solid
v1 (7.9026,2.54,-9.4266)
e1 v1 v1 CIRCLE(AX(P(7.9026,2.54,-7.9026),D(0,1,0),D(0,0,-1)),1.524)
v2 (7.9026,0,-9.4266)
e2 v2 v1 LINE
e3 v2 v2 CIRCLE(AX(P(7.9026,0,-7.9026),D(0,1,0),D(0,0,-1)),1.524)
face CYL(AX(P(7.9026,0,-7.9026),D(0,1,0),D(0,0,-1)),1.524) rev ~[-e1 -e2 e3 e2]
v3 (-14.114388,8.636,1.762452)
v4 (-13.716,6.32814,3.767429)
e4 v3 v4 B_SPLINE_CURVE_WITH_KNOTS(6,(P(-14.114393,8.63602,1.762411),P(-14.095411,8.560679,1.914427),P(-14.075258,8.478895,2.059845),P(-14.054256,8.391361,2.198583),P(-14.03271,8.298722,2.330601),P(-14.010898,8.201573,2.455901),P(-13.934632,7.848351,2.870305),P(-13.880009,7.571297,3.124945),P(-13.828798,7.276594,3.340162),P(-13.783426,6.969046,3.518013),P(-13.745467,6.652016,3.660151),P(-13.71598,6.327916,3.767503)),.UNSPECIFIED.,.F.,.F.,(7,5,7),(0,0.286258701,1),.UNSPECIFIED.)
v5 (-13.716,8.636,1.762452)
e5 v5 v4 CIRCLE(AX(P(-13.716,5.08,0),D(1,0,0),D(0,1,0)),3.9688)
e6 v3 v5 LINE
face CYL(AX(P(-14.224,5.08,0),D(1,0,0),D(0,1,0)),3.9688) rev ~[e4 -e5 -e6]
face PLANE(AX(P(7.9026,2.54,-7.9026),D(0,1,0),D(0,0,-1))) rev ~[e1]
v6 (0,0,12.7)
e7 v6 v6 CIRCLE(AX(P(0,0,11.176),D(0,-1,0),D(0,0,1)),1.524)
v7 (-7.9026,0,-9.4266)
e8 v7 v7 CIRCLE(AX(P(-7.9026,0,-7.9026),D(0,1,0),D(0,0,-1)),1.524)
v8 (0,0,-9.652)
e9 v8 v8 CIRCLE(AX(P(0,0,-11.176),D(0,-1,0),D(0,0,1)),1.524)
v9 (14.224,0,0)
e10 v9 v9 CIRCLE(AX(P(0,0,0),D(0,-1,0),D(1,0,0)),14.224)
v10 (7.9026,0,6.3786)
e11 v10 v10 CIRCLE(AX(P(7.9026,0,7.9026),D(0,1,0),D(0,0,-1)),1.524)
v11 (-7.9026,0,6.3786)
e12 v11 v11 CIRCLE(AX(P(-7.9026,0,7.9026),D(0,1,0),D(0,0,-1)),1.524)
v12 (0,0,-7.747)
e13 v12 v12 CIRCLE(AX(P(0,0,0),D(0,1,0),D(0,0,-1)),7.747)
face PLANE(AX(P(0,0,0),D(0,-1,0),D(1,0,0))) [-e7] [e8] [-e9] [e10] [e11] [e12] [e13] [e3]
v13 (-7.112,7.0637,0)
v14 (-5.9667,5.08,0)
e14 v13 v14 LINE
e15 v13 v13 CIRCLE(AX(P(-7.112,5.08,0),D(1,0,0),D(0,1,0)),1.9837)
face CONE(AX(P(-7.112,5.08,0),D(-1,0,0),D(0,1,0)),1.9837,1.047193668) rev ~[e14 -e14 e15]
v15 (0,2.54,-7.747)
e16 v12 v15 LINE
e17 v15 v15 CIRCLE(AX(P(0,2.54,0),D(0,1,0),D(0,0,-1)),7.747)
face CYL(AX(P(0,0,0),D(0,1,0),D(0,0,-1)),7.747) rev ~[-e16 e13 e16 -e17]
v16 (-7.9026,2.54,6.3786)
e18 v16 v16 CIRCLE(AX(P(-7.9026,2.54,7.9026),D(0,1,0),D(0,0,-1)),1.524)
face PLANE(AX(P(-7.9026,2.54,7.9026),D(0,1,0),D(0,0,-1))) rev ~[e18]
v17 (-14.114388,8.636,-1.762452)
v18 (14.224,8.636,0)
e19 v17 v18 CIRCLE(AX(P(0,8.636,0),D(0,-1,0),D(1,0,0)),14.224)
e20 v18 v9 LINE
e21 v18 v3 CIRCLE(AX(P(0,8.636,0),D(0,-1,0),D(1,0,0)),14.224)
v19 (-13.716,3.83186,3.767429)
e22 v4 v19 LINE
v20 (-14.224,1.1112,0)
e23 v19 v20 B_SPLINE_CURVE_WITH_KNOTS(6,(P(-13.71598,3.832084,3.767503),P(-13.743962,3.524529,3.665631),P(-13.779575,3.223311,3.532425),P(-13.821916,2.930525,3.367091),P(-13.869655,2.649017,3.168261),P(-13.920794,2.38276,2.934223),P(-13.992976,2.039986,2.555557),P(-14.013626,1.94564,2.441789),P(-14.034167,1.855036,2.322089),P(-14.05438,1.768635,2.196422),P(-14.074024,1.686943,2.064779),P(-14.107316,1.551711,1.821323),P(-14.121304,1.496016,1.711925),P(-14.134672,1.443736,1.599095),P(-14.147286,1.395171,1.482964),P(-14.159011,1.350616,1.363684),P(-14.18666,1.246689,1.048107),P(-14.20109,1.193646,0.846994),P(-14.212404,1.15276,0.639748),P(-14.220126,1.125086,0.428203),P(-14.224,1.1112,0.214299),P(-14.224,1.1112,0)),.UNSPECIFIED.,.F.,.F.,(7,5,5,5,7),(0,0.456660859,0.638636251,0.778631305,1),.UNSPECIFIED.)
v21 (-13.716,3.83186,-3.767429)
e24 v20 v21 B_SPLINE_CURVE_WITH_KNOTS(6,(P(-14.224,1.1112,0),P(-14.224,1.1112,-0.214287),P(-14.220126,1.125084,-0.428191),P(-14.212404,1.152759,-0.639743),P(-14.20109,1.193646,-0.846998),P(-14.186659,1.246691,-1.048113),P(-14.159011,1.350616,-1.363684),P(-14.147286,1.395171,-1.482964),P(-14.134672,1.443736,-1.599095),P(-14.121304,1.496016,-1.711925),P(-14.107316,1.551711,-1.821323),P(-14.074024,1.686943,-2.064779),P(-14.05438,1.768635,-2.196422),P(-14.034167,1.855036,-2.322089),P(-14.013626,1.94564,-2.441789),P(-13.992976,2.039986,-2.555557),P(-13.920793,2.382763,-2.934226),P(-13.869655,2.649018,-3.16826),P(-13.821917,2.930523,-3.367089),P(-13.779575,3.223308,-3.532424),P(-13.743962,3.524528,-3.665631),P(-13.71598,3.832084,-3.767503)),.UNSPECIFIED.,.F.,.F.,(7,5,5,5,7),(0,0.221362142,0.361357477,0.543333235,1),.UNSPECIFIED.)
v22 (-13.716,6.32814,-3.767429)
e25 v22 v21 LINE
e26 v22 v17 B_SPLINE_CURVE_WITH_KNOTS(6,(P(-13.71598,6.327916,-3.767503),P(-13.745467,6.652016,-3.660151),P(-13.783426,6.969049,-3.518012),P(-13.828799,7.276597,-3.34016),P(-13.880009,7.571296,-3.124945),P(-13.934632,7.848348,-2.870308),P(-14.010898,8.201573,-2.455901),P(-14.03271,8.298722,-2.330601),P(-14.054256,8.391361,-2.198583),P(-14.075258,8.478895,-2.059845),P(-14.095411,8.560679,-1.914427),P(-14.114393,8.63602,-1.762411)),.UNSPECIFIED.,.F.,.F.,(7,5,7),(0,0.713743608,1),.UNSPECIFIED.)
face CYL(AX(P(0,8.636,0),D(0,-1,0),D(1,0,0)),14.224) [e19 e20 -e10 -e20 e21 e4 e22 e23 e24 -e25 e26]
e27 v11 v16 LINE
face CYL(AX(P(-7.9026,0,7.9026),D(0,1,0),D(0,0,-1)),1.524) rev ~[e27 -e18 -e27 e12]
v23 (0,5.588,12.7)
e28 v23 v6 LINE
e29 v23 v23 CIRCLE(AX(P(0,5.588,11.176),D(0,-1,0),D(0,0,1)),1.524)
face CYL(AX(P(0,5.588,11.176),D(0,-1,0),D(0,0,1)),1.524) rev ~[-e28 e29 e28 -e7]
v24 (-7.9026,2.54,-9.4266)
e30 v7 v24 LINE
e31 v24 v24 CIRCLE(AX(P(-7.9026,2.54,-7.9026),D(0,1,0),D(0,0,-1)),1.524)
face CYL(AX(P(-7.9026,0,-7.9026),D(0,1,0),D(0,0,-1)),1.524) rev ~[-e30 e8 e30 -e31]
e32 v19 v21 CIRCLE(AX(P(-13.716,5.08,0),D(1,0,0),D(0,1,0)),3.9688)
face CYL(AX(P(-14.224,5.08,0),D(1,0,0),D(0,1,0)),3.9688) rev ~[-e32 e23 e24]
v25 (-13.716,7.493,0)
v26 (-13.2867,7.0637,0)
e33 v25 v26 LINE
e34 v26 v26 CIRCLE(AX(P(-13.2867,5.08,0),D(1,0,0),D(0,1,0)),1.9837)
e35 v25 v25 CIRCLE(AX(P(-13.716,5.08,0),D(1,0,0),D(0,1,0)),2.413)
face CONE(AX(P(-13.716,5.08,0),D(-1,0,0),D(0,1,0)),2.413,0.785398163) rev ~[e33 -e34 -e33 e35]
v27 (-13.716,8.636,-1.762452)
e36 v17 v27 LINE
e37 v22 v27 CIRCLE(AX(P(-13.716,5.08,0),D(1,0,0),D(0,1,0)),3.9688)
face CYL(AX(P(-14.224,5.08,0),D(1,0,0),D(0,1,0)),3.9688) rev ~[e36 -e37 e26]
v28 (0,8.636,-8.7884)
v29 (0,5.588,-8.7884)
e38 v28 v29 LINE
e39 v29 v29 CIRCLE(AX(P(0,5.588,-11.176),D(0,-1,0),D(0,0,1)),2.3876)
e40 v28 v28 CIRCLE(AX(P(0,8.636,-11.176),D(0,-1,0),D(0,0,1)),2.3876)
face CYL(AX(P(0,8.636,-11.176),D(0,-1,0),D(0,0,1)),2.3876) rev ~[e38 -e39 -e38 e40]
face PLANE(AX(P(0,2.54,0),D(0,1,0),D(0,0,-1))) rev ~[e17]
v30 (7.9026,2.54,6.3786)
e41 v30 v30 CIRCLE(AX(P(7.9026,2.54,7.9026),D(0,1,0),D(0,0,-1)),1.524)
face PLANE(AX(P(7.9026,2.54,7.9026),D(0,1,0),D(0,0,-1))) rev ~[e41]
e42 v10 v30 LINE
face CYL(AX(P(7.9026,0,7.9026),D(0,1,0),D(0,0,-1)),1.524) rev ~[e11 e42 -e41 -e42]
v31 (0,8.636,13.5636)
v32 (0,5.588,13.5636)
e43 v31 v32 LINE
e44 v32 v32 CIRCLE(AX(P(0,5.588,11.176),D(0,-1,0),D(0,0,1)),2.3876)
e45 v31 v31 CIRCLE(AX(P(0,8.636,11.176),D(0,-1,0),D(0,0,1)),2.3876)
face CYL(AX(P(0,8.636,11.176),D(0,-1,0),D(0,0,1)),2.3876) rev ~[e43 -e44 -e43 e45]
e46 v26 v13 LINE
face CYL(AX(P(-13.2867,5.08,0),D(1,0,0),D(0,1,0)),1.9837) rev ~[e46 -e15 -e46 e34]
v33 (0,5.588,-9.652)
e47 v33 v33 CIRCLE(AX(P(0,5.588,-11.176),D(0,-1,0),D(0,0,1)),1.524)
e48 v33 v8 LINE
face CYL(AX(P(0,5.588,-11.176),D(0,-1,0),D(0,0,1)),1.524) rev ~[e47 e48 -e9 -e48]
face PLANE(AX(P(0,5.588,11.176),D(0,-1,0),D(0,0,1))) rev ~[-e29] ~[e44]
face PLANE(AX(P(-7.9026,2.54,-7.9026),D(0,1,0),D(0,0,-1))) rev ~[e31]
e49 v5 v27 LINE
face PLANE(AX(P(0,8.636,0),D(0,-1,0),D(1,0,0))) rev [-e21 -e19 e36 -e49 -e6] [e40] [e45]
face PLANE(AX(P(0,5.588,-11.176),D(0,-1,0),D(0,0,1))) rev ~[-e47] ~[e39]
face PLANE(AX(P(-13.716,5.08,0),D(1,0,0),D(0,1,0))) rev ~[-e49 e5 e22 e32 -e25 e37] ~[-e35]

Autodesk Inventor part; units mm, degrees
sketch "Sketch_1" plane through (0, 0, 0) normal (0, 0, 1) x (1, 0, 0)
  line L0 (0, 0) -> (0, 8.636)
  line L1 (0, 8.636) -> (14.224, 8.636)
  line L2 (14.224, 8.636) -> (14.224, 0)
  line L3 (14.224, 0) -> (0, 0)
  line L4 (0, 0) -> (0, 8.636)
revolve "Revolution1" add sketch "Sketch_1" angle 360 about axis through (0, 0, 0) along (0, -1, 0)
sketch "Sketch_37" plane through (0, 0, 0) normal (0, 0, 1) x (1, 0, 0)
  line L0 (-5.9667, 5.08) -> (-14.224, 5.08)
  line L1 (-14.224, 5.08) -> (-14.224, 9.0488)
  line L2 (-14.224, 9.0488) -> (-13.716, 9.0488)
  line L3 (-13.716, 9.0488) -> (-13.716, 7.493)
  line L4 (-13.716, 7.493) -> (-13.2867, 7.0637)
  line L5 (-13.2867, 7.0637) -> (-7.112, 7.0637)
  line L6 (-7.112, 7.0637) -> (-5.9667, 5.08)
  line L7 (-5.9667, 5.08) -> (-14.224, 5.08)
revolve "Revolution2" cut sketch "Sketch_37" angle 360 about axis through (-5.9667, 5.08, 0) along (1, 0, 0)
thread "Thread1" size "10-32 UNF" class "2B" standard "ANSI Unified Screw Threads" length 5.08 offset 1.524
sketch "Sketch3" plane through (0, 0, 0) normal (0, -1, 0) x (1, 0, 0)
  point P0 (0, 0)
hole "Hole1" at (0, 0, 0) direction (0, 1, 0) diameter 15.494 depth 2.54
sketch "Sketch4" plane through (0, 8.636, 0) normal (0, 1, 0) x (1, 0, 0)
  point P0 (0, -11.176)
hole "Hole2" at (0, 8.636, 11.176) direction (0, -1, 0) diameter 3.048 depth 8.636 counterbore diameter 4.7752 counterbore depth 3.048
sketch "Sketch5" plane through (0, 8.636, 0) normal (0, 1, 0) x (1, 0, 0)
  point P0 (0, 11.176)
hole "Hole3" at (0, 8.636, -11.176) direction (0, -1, 0) diameter 3.048 depth 8.636 counterbore diameter 4.7752 counterbore depth 3.048
sketch "Sketch6" plane through (0, 0, 0) normal (0, -1, 0) x (1, 0, 0)
  point P0 (-7.9026, 7.9026)
hole "Hole4" at (-7.9026, 0, 7.9026) direction (0, 1, 0) diameter 3.048 depth 2.54
sketch "Sketch7" plane through (0, 0, 0) normal (0, -1, 0) x (1, 0, 0)
  point P0 (7.9026, 7.9026)
hole "Hole5" at (7.9026, 0, 7.9026) direction (0, 1, 0) diameter 3.048 depth 2.54
sketch "Sketch8" plane through (0, 0, 0) normal (0, -1, 0) x (1, 0, 0)
  point P0 (7.9026, -7.9026)
hole "Hole6" at (7.9026, 0, -7.9026) direction (0, 1, 0) diameter 3.048 depth 2.54
sketch "Sketch9" plane through (0, 0, 0) normal (0, -1, 0) x (1, 0, 0)
  point P0 (-7.9026, -7.9026)
hole "Hole7" at (-7.9026, 0, -7.9026) direction (0, 1, 0) diameter 3.048 depth 2.54
ref_plane "a1_XY" through (0, 8.636, -14.224) normal (0, 1, 0) x (1, 0, 0)
ref_plane "a1_YZ" through (0, 8.636, -14.224) normal (1, 0, 0) x (0, 0, -1)
ref_plane "a1_ZX" through (0, 8.636, -14.224) normal (0, 0, -1) x (0, 1, 0)
ref_plane "a2_XY" through (0, 8.636, 14.224) normal (0, 1, 0) x (1, 0, 0)
ref_plane "a2_YZ" through (0, 8.636, 14.224) normal (1, 0, 0) x (0, 0, -1)
ref_plane "a2_ZX" through (0, 8.636, 14.224) normal (0, 0, -1) x (0, 1, 0)
ref_plane "ar3_XY" through (-7.9026, 2.54, 7.9026) normal (0, 1, 0) x (1, 0, 0)
ref_plane "ar3_YZ" through (-7.9026, 2.54, 7.9026) normal (1, 0, 0) x (0, 0, -1)
ref_plane "ar3_ZX" through (-7.9026, 2.54, 7.9026) normal (0, 0, -1) x (0, 1, 0)
ref_plane "ar4_XY" through (7.9026, 2.54, 7.9026) normal (0, 1, 0) x (1, 0, 0)
ref_plane "ar4_YZ" through (7.9026, 2.54, 7.9026) normal (1, 0, 0) x (0, 0, -1)
ref_plane "ar4_ZX" through (7.9026, 2.54, 7.9026) normal (0, 0, -1) x (0, 1, 0)
ref_plane "ar5_XY" through (7.9026, 2.54, -7.9026) normal (0, 1, 0) x (1, 0, 0)
ref_plane "ar5_YZ" through (7.9026, 2.54, -7.9026) normal (1, 0, 0) x (0, 0, -1)
ref_plane "ar5_ZX" through (7.9026, 2.54, -7.9026) normal (0, 0, -1) x (0, 1, 0)
ref_plane "ar6_XY" through (-7.9026, 2.54, -7.9026) normal (0, 1, 0) x (1, 0, 0)
ref_plane "ar6_YZ" through (-7.9026, 2.54, -7.9026) normal (1, 0, 0) x (0, 0, -1)
ref_plane "ar6_ZX" through (-7.9026, 2.54, -7.9026) normal (0, 0, -1) x (0, 1, 0)
ref_plane "b1_XY" through (0, 8.636, 0) normal (0, 1, 0) x (1, 0, 0)
ref_plane "b1_YZ" through (0, 8.636, 0) normal (1, 0, 0) x (0, 0, -1)
ref_plane "b1_ZX" through (0, 8.636, 0) normal (0, 0, -1) x (0, 1, 0)
ref_plane "c1_XY" through (0, 8.636, -11.176) normal (0, 1, 0) x (1, 0, 0)
ref_plane "c1_YZ" through (0, 8.636, -11.176) normal (1, 0, 0) x (0, 0, -1)
ref_plane "c1_ZX" through (0, 8.636, -11.176) normal (0, 0, -1) x (0, 1, 0)
ref_plane "c2_XY" through (0, 8.636, 11.176) normal (0, 1, 0) x (1, 0, 0)
ref_plane "c2_YZ" through (0, 8.636, 11.176) normal (1, 0, 0) x (0, 0, -1)
ref_plane "c2_ZX" through (0, 8.636, 11.176) normal (0, 0, -1) x (0, 1, 0)
ref_plane "d1_XY" through (-1.524, 8.636, -11.176) normal (0, 1, 0) x (1, 0, 0)
ref_plane "d1_YZ" through (-1.524, 8.636, -11.176) normal (1, 0, 0) x (0, 0, -1)
ref_plane "d1_ZX" through (-1.524, 8.636, -11.176) normal (0, 0, -1) x (0, 1, 0)
ref_plane "d2_XY" through (1.524, 8.636, -11.176) normal (0, 1, 0) x (1, 0, 0)
ref_plane "d2_YZ" through (1.524, 8.636, -11.176) normal (1, 0, 0) x (0, 0, -1)
ref_plane "d2_ZX" through (1.524, 8.636, -11.176) normal (0, 0, -1) x (0, 1, 0)
ref_plane "j_XY" through (0, 0, 0) normal (0, 1, 0) x (1, 0, 0)
ref_plane "j_YZ" through (0, 0, 0) normal (1, 0, 0) x (0, 0, -1)
ref_plane "j_ZX" through (0, 0, 0) normal (0, 0, -1) x (0, 1, 0)
ref_plane "k1_XY" through (-14.224, 5.08, 0) normal (0, 0, 1) x (1, 0, 0)
ref_plane "k1_YZ" through (-14.224, 5.08, 0) normal (1, 0, 0) x (0, 1, 0)
ref_plane "k1_ZX" through (-14.224, 5.08, 0) normal (0, 1, 0) x (0, 0, 1)
ref_plane "k2_XY" through (-14.224, 8.636, 0) normal (0, 0, 1) x (1, 0, 0)
ref_plane "k2_YZ" through (-14.224, 8.636, 0) normal (1, 0, 0) x (0, 1, 0)
ref_plane "k2_ZX" through (-14.224, 8.636, 0) normal (0, 1, 0) x (0, 0, 1)
ref_plane "l1_XY" through (-14.224, 7.493, 0) normal (0, 0, 1) x (1, 0, 0)
ref_plane "l1_YZ" through (-14.224, 7.493, 0) normal (1, 0, 0) x (0, 1, 0)
ref_plane "l1_ZX" through (-14.224, 7.493, 0) normal (0, 1, 0) x (0, 0, 1)
ref_plane "l2_XY" through (-14.224, 2.667, 0) normal (0, 0, 1) x (1, 0, 0)
ref_plane "l2_YZ" through (-14.224, 2.667, 0) normal (1, 0, 0) x (0, 1, 0)
ref_plane "l2_ZX" through (-14.224, 2.667, 0) normal (0, 1, 0) x (0, 0, 1)
ref_plane "rg_XY" through (0, 8.636, 0) normal (0, 1, 0) x (1, 0, 0)
ref_plane "rg_YZ" through (0, 8.636, 0) normal (1, 0, 0) x (0, 0, -1)
ref_plane "rg_ZX" through (0, 8.636, 0) normal (0, 0, -1) x (0, 1, 0)
ref_plane "rh_XY" through (0, 8.636, 0) normal (0, 1, 0) x (1, 0, 0)
ref_plane "rh_YZ" through (0, 8.636, 0) normal (1, 0, 0) x (0, 0, -1)
ref_plane "rh_ZX" through (0, 8.636, 0) normal (0, 0, -1) x (0, 1, 0)
ref_plane "to_dummy_XY" through (0, 8.636, 0) normal (0, 1, 0) x (1, 0, 0)
ref_plane "to_dummy_YZ" through (0, 8.636, 0) normal (1, 0, 0) x (0, 0, -1)
ref_plane "to_dummy_ZX" through (0, 8.636, 0) normal (0, 0, -1) x (0, 1, 0)
ref_plane "to_nut_XY" through (0, 10.16, 0) normal (0, 1, 0) x (1, 0, 0)
ref_plane "to_nut_YZ" through (0, 10.16, 0) normal (1, 0, 0) x (0, 0, -1)
ref_plane "to_nut_ZX" through (0, 10.16, 0) normal (0, 0, -1) x (0, 1, 0)
ref_plane "to_rod_XY" through (0, 8.636, 0) normal (0, 1, 0) x (1, 0, 0)
ref_plane "to_rod_YZ" through (0, 8.636, 0) normal (1, 0, 0) x (0, 0, -1)
ref_plane "to_rod_ZX" through (0, 8.636, 0) normal (0, 0, -1) x (0, 1, 0)
ref_plane "to_tube_XY" through (0, 2.54, 0) normal (0, 1, 0) x (1, 0, 0)
ref_plane "to_tube_YZ" through (0, 2.54, 0) normal (1, 0, 0) x (0, 0, -1)
ref_plane "to_tube_ZX" through (0, 2.54, 0) normal (0, 0, -1) x (0, 1, 0)
ref_plane "to_wiper_XY" through (0, 8.636, 0) normal (0, 1, 0) x (1, 0, 0)
ref_plane "to_wiper_YZ" through (0, 8.636, 0) normal (1, 0, 0) x (0, 0, -1)
ref_plane "to_wiper_ZX" through (0, 8.636, 0) normal (0, 0, -1) x (0, 1, 0)
ref_plane "track1_XY" through (-7.874, 0, 0) normal (0, 1, 0) x (1, 0, 0)
ref_plane "track1_YZ" through (-7.874, 0, 0) normal (1, 0, 0) x (0, 0, -1)
ref_plane "track1_ZX" through (-7.874, 0, 0) normal (0, 0, -1) x (0, 1, 0)
ref_plane "track2_XY" through (0, 0, -7.874) normal (0, 1, 0) x (1, 0, 0)
ref_plane "track2_YZ" through (0, 0, -7.874) normal (1, 0, 0) x (0, 0, -1)
ref_plane "track2_ZX" through (0, 0, -7.874) normal (0, 0, -1) x (0, 1, 0)
ref_plane "track3_XY" through (7.874, 0, 0) normal (0, 1, 0) x (1, 0, 0)
ref_plane "track3_YZ" through (7.874, 0, 0) normal (1, 0, 0) x (0, 0, -1)
ref_plane "track3_ZX" through (7.874, 0, 0) normal (0, 0, -1) x (0, 1, 0)
ref_plane "track4_XY" through (0, 0, 7.874) normal (0, 1, 0) x (1, 0, 0)
ref_plane "track4_YZ" through (0, 0, 7.874) normal (1, 0, 0) x (0, 0, -1)
ref_plane "track4_ZX" through (0, 0, 7.874) normal (0, 0, -1) x (0, 1, 0)
properties part number "02-2-0.13-FO1_BM_heads" material "Steel"
